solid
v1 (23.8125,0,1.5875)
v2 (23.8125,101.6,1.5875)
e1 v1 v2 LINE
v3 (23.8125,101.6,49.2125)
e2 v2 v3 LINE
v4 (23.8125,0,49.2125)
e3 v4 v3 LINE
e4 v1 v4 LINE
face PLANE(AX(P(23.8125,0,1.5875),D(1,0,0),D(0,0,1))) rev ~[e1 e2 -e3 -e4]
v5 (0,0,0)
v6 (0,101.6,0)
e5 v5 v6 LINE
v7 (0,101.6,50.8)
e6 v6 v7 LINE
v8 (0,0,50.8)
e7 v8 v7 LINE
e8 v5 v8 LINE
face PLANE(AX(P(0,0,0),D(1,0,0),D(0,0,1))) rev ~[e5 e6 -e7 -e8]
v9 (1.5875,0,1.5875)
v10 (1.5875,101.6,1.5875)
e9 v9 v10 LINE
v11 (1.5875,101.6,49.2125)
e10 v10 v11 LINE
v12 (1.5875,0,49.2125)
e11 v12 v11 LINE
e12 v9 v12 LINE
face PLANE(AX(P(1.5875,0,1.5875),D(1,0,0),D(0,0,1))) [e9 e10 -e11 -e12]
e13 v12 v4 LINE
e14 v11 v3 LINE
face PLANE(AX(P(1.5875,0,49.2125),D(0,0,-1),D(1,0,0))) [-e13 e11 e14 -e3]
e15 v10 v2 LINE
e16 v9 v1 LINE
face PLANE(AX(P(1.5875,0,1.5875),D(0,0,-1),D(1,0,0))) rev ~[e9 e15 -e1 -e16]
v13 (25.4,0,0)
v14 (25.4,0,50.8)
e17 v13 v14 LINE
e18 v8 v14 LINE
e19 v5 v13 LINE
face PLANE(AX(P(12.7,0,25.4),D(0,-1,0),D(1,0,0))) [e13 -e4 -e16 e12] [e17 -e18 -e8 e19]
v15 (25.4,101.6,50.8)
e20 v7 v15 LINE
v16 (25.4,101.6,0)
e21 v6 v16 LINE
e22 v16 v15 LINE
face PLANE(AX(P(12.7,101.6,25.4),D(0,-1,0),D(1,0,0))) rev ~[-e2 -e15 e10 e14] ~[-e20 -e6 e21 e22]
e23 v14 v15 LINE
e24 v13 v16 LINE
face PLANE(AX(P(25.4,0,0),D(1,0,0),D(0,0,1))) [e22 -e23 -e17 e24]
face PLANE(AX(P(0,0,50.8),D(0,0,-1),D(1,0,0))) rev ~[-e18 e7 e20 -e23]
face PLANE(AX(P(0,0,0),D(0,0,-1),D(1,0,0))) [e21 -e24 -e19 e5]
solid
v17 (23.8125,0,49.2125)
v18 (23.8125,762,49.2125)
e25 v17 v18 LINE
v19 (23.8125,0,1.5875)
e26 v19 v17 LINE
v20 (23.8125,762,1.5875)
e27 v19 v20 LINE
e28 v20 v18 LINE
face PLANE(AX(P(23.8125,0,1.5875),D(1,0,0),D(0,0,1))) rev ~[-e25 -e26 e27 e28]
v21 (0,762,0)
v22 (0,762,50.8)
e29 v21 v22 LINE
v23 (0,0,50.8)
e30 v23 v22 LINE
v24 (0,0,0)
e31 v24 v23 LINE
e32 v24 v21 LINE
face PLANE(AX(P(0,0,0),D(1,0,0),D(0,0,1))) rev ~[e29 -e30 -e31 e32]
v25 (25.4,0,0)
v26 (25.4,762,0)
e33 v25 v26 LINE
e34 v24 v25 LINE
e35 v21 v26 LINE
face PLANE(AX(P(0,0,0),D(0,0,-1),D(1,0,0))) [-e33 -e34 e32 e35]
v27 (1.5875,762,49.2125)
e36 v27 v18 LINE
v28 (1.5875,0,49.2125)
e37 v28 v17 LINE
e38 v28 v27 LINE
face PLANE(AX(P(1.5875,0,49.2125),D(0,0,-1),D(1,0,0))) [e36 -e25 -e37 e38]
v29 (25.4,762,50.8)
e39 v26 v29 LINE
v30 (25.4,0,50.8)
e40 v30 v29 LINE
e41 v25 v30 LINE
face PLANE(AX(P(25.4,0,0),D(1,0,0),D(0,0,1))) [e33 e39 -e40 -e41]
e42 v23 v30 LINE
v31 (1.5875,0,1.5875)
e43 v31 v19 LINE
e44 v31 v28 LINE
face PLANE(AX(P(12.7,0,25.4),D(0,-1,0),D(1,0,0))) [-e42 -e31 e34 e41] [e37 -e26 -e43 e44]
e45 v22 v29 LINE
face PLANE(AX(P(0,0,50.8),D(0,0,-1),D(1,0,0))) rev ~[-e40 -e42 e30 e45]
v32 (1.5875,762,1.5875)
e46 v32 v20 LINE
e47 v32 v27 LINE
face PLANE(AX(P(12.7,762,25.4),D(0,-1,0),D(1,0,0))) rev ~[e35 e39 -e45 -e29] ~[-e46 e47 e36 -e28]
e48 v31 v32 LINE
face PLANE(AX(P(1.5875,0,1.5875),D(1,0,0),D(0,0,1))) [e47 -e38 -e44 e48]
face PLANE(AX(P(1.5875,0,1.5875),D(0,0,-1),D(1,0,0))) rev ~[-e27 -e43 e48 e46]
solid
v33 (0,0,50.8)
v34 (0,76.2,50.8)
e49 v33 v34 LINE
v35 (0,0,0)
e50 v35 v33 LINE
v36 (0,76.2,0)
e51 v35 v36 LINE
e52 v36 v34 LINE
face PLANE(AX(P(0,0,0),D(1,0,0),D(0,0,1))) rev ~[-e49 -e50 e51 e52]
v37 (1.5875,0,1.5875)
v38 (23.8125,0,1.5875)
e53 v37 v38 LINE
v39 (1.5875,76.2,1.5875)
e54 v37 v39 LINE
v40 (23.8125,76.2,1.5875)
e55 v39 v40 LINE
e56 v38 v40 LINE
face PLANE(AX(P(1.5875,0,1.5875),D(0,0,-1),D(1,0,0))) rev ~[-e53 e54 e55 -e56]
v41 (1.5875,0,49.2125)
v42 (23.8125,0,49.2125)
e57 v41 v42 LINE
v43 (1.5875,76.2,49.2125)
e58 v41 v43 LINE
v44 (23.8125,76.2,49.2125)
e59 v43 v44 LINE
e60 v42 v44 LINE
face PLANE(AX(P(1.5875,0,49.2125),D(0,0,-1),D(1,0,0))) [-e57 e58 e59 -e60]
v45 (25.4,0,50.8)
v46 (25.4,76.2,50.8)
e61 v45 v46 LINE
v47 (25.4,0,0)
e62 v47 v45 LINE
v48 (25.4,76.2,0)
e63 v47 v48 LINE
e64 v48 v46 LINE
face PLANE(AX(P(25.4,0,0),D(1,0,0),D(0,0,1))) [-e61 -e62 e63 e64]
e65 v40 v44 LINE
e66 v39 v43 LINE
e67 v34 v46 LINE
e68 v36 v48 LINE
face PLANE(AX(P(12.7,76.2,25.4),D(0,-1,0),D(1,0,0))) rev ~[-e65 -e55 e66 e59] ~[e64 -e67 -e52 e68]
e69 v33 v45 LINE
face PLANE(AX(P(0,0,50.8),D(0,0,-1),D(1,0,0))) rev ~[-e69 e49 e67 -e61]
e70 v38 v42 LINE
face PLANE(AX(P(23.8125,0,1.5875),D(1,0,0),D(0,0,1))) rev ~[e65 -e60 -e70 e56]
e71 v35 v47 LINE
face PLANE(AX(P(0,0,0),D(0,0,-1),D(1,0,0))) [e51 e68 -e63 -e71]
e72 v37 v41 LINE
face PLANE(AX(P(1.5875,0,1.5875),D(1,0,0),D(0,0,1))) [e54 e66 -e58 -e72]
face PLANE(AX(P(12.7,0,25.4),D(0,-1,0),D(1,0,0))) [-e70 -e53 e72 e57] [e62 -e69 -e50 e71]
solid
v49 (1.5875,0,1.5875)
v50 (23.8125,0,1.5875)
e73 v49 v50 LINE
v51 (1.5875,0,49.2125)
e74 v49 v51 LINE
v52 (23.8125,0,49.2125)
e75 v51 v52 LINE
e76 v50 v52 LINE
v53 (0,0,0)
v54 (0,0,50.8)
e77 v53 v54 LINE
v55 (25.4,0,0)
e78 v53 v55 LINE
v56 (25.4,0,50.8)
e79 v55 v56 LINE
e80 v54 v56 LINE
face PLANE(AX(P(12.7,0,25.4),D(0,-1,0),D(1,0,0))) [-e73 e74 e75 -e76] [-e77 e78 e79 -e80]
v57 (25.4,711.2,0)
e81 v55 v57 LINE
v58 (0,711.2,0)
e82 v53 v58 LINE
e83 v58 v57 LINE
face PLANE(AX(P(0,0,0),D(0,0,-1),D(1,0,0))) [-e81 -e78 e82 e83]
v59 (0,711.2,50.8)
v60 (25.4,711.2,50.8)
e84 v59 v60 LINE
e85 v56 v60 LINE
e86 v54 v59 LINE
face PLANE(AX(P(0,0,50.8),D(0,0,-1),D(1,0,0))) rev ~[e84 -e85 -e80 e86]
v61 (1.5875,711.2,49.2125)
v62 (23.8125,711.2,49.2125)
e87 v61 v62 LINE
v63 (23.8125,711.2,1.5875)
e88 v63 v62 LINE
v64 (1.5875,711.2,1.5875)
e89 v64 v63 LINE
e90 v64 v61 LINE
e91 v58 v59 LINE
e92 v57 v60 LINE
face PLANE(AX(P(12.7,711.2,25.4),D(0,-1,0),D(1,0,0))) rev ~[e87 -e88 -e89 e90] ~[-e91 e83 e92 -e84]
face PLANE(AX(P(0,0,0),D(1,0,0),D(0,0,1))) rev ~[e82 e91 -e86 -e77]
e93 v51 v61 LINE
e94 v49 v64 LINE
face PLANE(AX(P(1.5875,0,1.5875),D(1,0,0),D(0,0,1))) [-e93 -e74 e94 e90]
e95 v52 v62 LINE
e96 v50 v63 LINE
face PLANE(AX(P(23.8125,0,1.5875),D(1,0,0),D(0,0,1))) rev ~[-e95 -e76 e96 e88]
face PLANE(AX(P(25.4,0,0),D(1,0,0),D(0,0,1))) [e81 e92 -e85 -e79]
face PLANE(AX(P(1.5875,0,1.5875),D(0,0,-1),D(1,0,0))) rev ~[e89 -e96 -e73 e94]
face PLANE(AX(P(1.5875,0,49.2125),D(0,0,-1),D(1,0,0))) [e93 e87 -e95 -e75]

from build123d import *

# Parameters (mm, degrees)
F4_W     = 25.4
F4_H     = 50.8
F4_W_2   = 22.225
F4_H_2   = 47.625
F5_DEPTH = 762
F6_DEPTH = 711.2
F7_DEPTH = 76.2
F8_DEPTH = 101.6


with BuildPart() as f5:
    # F4 (on Front) → F5 (new body)
    with BuildSketch(Plane.XZ):
        with Locations((12.7, 25.4)):
            Rectangle(F4_W, F4_H)
        with Locations((12.7, 25.4)):
            Rectangle(F4_W_2, F4_H_2, mode=Mode.SUBTRACT)
    extrude(amount=-F5_DEPTH)


with BuildPart() as f6:
    # F4 (on Front) → F6 (new body)
    with BuildSketch(Plane.XZ):
        with Locations((12.7, 25.4)):
            Rectangle(F4_W, F4_H)
        with Locations((12.7, 25.4)):
            Rectangle(F4_W_2, F4_H_2, mode=Mode.SUBTRACT)
    extrude(amount=-F6_DEPTH)


with BuildPart() as f7:
    # F4 (on Front) → F7 (new body)
    with BuildSketch(Plane.XZ):
        with Locations((12.7, 25.4)):
            Rectangle(F4_W, F4_H)
        with Locations((12.7, 25.4)):
            Rectangle(F4_W_2, F4_H_2, mode=Mode.SUBTRACT)
    extrude(amount=-F7_DEPTH)


with BuildPart() as f8:
    # F4 (on Front) → F8 (new body)
    with BuildSketch(Plane.XZ):
        with Locations((12.7, 25.4)):
            Rectangle(F4_W, F4_H)
        with Locations((12.7, 25.4)):
            Rectangle(F4_W_2, F4_H_2, mode=Mode.SUBTRACT)
    extrude(amount=-F8_DEPTH)


solid = Compound([f5.part, f6.part, f7.part, f8.part])
